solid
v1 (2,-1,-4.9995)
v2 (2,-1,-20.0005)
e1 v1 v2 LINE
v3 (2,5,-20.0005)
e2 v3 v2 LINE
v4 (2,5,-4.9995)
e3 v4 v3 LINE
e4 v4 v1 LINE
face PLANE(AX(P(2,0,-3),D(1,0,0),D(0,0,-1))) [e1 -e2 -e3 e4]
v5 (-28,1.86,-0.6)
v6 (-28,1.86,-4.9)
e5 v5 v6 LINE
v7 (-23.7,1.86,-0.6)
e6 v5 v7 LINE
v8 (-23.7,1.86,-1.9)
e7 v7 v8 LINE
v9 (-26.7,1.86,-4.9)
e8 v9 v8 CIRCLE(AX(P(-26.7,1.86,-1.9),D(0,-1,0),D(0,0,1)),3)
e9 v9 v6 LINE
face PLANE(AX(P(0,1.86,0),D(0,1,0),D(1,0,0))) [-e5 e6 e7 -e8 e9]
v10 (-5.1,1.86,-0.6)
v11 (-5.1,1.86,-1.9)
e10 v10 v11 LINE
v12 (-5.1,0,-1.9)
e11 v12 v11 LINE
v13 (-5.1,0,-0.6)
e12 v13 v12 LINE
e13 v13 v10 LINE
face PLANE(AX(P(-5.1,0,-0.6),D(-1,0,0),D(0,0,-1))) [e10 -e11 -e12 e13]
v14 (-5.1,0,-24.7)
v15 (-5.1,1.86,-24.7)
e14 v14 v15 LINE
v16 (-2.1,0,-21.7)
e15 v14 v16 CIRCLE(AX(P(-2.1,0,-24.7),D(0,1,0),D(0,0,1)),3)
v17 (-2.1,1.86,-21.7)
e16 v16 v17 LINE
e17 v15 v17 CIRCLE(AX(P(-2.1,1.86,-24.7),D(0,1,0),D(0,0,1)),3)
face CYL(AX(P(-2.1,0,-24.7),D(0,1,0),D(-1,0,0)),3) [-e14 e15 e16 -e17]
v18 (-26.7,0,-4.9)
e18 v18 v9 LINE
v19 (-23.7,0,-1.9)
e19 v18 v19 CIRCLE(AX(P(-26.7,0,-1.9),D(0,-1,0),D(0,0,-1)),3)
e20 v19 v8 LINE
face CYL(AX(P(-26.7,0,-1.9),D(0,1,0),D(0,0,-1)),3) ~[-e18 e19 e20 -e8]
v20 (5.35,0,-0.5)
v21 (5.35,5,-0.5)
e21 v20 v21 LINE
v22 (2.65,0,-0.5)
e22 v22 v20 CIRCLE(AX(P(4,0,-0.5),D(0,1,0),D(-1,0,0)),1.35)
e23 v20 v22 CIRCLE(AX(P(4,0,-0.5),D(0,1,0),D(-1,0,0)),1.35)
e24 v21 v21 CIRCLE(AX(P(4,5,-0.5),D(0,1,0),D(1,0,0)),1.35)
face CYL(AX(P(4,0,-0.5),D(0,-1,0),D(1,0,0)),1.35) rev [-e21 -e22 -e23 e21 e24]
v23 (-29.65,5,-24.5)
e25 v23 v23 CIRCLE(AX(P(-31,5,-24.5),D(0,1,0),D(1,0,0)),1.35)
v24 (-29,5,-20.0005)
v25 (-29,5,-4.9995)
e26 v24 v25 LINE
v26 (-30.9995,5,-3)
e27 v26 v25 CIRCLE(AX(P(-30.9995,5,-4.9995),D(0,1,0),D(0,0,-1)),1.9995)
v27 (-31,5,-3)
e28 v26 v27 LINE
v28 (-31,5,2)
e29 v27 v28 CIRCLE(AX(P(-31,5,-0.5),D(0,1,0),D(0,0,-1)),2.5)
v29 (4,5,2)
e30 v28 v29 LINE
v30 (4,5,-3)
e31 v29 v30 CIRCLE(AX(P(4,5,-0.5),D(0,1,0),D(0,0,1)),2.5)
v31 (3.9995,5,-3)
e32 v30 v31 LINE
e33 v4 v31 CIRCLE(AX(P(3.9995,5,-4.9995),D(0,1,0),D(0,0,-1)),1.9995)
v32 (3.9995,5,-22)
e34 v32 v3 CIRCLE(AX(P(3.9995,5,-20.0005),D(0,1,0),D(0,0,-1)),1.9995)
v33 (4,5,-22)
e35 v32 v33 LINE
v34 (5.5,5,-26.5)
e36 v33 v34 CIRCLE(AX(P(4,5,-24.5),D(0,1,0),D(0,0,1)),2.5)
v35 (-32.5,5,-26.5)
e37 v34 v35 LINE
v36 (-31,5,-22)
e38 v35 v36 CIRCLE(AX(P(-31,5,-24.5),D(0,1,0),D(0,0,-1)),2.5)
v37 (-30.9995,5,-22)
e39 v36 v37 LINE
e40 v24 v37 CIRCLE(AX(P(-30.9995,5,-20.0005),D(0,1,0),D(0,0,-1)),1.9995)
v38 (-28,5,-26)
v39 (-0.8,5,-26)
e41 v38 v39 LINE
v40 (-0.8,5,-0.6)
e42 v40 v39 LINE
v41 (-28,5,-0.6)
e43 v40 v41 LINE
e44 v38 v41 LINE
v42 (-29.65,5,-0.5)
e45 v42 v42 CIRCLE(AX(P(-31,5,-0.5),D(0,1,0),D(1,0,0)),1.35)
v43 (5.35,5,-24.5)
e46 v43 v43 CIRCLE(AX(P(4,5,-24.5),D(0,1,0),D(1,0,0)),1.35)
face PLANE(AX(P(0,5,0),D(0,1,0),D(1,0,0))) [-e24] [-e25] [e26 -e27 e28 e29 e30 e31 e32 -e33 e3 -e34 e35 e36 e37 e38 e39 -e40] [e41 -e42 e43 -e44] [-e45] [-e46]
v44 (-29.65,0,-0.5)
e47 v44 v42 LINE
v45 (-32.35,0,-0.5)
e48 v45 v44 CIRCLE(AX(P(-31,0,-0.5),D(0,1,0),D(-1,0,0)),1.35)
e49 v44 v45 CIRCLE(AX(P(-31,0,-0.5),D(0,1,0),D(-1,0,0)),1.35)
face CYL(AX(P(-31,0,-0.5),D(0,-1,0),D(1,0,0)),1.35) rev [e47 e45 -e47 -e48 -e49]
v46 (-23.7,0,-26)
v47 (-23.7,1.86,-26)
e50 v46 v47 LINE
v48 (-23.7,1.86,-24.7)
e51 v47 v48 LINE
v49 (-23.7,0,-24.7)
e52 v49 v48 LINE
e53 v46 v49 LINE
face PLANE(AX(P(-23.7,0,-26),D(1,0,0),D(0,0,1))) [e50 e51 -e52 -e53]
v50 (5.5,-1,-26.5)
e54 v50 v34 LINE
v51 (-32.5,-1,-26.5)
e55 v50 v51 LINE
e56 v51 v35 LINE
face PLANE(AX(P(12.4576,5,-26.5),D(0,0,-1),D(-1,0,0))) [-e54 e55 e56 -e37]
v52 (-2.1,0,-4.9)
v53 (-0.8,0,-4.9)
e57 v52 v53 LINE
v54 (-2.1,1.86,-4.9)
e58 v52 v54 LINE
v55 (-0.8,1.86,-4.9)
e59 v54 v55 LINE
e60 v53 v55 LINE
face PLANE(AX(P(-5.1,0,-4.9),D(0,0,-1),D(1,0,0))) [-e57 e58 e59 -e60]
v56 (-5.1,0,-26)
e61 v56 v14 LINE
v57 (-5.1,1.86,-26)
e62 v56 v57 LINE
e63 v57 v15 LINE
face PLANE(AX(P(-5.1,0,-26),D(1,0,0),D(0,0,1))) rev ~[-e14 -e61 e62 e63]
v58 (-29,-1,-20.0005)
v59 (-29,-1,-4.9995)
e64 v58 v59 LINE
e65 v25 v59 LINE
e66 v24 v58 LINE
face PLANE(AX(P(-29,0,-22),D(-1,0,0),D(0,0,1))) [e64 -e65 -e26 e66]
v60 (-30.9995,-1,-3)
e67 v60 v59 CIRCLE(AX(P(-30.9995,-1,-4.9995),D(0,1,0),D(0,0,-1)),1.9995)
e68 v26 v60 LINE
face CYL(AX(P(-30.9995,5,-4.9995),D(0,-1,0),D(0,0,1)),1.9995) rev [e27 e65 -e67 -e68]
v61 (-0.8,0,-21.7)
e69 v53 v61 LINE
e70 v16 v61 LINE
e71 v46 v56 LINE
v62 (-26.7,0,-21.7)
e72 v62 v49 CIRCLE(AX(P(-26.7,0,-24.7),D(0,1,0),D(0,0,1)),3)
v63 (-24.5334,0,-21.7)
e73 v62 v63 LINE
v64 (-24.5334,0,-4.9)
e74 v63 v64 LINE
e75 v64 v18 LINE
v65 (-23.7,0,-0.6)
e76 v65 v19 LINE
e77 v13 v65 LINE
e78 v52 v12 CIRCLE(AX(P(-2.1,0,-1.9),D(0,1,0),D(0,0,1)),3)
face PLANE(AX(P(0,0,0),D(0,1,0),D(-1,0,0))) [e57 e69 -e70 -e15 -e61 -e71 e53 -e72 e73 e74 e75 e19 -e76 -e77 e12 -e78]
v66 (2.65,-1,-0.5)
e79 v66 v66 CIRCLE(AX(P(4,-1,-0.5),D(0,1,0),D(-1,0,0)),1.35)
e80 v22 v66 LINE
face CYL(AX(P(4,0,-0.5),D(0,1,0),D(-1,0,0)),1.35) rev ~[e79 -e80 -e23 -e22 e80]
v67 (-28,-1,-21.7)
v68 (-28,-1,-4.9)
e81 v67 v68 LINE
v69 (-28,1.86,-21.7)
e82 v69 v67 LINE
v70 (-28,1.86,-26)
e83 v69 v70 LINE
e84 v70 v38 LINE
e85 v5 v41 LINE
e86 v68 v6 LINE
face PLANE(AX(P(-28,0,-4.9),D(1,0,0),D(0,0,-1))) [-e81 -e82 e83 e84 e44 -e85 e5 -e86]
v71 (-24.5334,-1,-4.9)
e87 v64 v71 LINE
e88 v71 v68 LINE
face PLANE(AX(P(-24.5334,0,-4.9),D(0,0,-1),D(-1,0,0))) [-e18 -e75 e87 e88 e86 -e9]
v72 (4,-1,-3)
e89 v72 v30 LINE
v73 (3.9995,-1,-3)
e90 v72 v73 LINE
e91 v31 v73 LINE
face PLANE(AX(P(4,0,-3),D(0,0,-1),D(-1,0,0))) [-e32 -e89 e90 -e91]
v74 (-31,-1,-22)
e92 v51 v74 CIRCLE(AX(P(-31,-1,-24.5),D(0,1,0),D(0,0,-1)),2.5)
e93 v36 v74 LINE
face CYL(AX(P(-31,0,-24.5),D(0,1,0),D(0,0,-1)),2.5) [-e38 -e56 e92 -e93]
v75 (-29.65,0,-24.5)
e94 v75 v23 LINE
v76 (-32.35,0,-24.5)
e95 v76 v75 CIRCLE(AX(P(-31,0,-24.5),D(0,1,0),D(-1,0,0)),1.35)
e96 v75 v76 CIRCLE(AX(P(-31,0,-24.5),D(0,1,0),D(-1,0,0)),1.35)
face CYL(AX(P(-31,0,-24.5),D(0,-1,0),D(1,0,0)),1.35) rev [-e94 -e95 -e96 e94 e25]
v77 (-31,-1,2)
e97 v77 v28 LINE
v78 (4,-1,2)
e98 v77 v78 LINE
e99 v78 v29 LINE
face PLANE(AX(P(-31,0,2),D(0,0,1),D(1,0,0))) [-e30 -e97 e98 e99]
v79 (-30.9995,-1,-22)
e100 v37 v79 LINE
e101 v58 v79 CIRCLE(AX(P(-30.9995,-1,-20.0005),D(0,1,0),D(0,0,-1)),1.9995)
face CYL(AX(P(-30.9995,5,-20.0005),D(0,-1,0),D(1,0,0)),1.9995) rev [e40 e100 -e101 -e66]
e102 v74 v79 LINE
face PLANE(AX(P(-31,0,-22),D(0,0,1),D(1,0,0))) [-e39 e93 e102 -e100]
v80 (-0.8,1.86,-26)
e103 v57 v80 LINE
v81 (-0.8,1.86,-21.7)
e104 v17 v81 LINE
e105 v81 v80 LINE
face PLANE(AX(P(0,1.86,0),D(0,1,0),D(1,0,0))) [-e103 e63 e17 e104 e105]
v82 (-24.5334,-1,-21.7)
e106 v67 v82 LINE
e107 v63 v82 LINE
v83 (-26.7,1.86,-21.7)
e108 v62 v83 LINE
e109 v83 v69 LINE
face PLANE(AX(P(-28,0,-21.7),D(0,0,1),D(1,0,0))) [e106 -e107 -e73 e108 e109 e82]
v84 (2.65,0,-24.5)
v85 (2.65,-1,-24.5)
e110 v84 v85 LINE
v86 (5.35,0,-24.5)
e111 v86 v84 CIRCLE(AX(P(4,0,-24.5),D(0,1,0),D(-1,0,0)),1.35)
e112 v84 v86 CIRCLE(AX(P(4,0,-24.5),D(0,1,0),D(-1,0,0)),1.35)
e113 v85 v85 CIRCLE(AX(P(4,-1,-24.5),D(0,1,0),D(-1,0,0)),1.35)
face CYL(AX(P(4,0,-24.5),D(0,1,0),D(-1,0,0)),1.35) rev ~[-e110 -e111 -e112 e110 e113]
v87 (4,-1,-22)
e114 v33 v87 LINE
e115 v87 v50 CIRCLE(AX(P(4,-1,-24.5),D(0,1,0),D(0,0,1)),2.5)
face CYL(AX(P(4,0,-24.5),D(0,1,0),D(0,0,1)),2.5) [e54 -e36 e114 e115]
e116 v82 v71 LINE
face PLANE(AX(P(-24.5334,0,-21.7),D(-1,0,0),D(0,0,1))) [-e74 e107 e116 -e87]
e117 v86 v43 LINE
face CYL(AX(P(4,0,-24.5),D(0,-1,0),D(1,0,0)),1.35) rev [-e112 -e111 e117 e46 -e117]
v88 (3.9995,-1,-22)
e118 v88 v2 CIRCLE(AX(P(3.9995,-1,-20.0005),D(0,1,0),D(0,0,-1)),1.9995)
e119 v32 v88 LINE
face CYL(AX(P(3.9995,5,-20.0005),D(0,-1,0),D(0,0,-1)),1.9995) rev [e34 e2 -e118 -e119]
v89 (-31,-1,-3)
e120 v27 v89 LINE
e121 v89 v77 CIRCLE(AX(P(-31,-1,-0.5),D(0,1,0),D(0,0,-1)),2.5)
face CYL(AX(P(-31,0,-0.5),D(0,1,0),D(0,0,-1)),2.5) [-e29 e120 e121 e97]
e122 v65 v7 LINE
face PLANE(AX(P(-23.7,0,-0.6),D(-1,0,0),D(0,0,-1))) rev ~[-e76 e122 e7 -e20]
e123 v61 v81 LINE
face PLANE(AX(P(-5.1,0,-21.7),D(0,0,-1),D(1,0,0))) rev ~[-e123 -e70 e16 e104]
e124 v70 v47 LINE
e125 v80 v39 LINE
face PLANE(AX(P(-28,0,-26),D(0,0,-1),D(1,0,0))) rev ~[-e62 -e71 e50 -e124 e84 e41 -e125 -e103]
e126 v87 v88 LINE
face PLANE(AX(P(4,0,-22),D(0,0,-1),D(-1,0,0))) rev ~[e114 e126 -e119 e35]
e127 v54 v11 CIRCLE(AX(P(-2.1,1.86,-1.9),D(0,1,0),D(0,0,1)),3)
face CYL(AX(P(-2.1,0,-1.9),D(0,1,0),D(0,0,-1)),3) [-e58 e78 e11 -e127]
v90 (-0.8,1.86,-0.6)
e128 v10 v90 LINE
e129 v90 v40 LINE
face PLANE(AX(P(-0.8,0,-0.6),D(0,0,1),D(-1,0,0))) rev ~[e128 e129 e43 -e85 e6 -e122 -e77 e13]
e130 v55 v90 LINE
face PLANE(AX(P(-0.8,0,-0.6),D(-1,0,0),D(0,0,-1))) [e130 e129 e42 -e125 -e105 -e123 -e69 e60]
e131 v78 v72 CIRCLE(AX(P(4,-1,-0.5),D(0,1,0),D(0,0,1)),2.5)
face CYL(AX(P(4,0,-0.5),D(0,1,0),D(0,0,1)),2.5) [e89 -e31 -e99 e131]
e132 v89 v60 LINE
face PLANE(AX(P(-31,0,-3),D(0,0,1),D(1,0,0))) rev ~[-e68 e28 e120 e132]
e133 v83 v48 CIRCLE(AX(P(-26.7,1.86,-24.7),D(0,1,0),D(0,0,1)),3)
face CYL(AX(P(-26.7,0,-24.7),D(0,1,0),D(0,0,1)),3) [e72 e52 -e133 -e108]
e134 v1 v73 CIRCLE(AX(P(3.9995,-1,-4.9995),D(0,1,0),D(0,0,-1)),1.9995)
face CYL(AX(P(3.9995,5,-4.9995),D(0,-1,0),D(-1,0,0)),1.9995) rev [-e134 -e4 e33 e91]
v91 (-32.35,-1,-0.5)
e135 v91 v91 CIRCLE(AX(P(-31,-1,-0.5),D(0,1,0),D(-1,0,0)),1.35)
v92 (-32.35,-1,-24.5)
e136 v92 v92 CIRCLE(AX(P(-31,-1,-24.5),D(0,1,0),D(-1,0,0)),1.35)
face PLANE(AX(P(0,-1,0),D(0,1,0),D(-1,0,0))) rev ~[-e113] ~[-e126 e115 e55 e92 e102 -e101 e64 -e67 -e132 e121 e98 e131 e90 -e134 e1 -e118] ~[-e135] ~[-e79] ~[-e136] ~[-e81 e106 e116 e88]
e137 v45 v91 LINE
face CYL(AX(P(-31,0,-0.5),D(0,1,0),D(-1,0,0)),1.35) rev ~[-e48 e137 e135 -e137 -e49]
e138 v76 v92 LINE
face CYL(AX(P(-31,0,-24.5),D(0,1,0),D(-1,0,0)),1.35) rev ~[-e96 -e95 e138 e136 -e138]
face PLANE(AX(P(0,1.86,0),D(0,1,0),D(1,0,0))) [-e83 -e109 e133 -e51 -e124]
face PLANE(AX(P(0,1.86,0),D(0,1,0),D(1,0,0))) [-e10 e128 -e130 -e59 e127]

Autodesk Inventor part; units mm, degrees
ref_plane "YZ Plane" through (0, 0, 0) normal (1, 0, 0) x (0, 1, 0)
ref_plane "XZ Plane" through (0, 0, 0) normal (0, 1, 0) x (-1, 0, 0)
ref_plane "XY Plane" through (0, 0, 0) normal (0, 0, 1) x (1, 0, 0)
sketch "Sketch1" plane through (0, 0, 0) normal (0, 1, 0) x (-1, 0, 0)
  line L0 (0, 0) -> (27, 0) construction
  line L1 (27, 0) -> (27, -25) construction
  line L2 (27, -25) -> (0, -25) construction
  line L3 (0, -25) -> (0, 0) construction
  line L4 (31, 2) -> (-4, 2)
  line L5 (-4, -27) -> (31, -27)
  line L6 (29, -22) -> (29, -3)
  line L7 (28, -4) -> (23.5, -4)
  line L8 (23.5, -4) -> (23.5, -21)
  line L9 (23.5, -21) -> (28, -21)
  line L10 (28, -21) -> (28, -4)
  arc A0 (31, -3) -> (31, 2) centre (31, -0.5) ccw
  arc A1 (31, -27) -> (31, -22) centre (31, -24.5) ccw
  arc A2 (-4, 2) -> (-4, -3) centre (-4, -0.5) ccw
  arc A3 (-4, -22) -> (-4, -27) centre (-4, -24.5) ccw
  line L11 (31, -3) -> (29, -3)
  line L12 (31, -22) -> (29, -22)
  line L13 (-4, -3) -> (-2, -3)
  line L14 (-4, -22) -> (-2, -22)
  line L15 (-2, -3) -> (-2, -22)
  circle A4 centre (31, -0.5) radius 1.35
  circle A5 centre (31, -24.5) radius 1.35
  circle A6 centre (-4, -0.5) radius 1.35
  circle A7 centre (-4, -24.5) radius 1.35
  point P0 (29, 2)
  point P1 (-2, -27)
  point P2 (-2, 2)
  point P3 (29, -27)
  dimension "d0" = 27
  dimension "d1" = 25
  dimension "d12" = 2
  dimension "d13" = 2
  dimension "d14" = 2
  dimension "d18" = 1
  dimension "d19" = 3.5
  dimension "d20" = 6
  dimension "d21" = 6
  dimension "d22" = 5
  dimension "d23" = 2.5
  dimension "d24" = 2
  dimension "d25" = 2.5
  dimension "d26" = 2
  dimension "d27" = 5
  dimension "d28" = 5
  dimension "d29" = 5
  dimension "d32" = 2.5
  dimension "d33" = 2.5
  dimension "d34" = 2.7
  dimension "d35" = 2.7
  dimension "d36" = 2.7
  dimension "d37" = 2.7
extrude "Extrusion1" add sketch "Sketch1" against normal blind 1
sketch "Sketch2" plane through (0, 0, 0) normal (0, 1, 0) x (1, 0, 0)
  line L0 (-31, -2) -> (4, -2) projected
  arc A0 (4, -2) -> (4, 3) centre (4, 0.5) ccw projected
  line L1 (4, 3) -> (2, 3) projected
  line L2 (2, 3) -> (2, 22) projected
  line L3 (2, 22) -> (4, 22) projected
  arc A1 (4, 22) -> (4, 27) centre (4, 24.5) ccw projected
  line L4 (4, 27) -> (-31, 27) projected
  arc A2 (-31, 27) -> (-31, 22) centre (-31, 24.5) ccw projected
  line L5 (-31, 22) -> (-29, 22) projected
  line L6 (-29, 22) -> (-29, 3) projected
  line L7 (-29, 3) -> (-31, 3) projected
  arc A3 (-31, 3) -> (-31, -2) centre (-31, 0.5) ccw projected
  circle A4 centre (4, 24.5) radius 1.35 projected
  circle A5 centre (4, 0.5) radius 1.35 projected
  circle A6 centre (-31, 24.5) radius 1.35 projected
  circle A7 centre (-31, 0.5) radius 1.35 projected
  line L8 (-28, 4) -> (-28, 21) projected
  line L9 (-28, 21) -> (-23.5, 21) projected
  line L10 (-23.5, 21) -> (-23.5, 4) projected
  line L11 (-23.5, 4) -> (-28, 4) projected
  line L12 (-28, 26) -> (1, 26)
  line L13 (1, 26) -> (1, -1)
  line L14 (1, -1) -> (-28, -1)
  line L15 (-28, -1) -> (-28, 26)
  point P0 (0, 0)
  dimension "d38" = 1
  dimension "d39" = 1
  dimension "d40" = 1
  dimension "d41" = 1
extrude "Extrusion2" add sketch "Sketch2" along normal blind 5
fillet "Fillet1" radius 2 4 edges at (2, 2, -3) (2, 2, -22) (-29, 2, -22) (-29, 2, -3)
sketch "Sketch4" plane through (0, 5, 0) normal (0, 1, 0) x (1, 0, 0)
  line L0 (-36.8851, 35.5263) -> (12.4576, 35.5263)
  line L1 (12.4576, 35.5263) -> (12.4576, 26.5)
  line L2 (12.4576, 26.5) -> (-36.8851, 26.5)
  line L3 (-36.8851, 26.5) -> (-36.8851, 35.5263)
  line L4 (4, 27) -> (-31, 27) projected
  point P0 (0, 0)
  dimension "d47" = 0.5
extrude "Extrusion3" cut sketch "Sketch4" against normal blind 10
sketch "Sketch5" plane through (0, 0, 0) normal (0, 1, 0) x (1, 0, 0)
  line L0 (1, -1) -> (-28, -1) projected
  line L1 (-28, -1) -> (1, -1)
  line L2 (1, -1) -> (1, 0.6)
  line L3 (1, 0.6) -> (-28, 0.6)
  line L4 (-28, 0.6) -> (-28, -1)
  line L5 (1, 26) -> (1, -1) projected
  line L6 (1, 26) -> (-28, 26) projected
  line L7 (1, -1) -> (-0.8, -1)
  line L8 (-0.8, -1) -> (-0.8, 26)
  line L9 (-0.8, 26) -> (1, 26)
  line L10 (1, 26) -> (1, -1)
  point P0 (0, 0)
  point P1 (-0.8, 0.6)
  dimension "d50" = 1.6
  dimension "d57" = 1.8
extrude "Extrusion4" add sketch "Sketch5" along normal up to surface (5 mm away)
sketch "Sketch6" plane through (0, -1, 0) normal (0, -1, 0) x (1, 0, 0)
  line L0 (-23.5, -4) -> (-28, -4) projected
  line L1 (-28, -0.6) -> (-28, -26) projected
  line L2 (-23.5, -4) -> (-28, -4)
  line L3 (-28, -4) -> (-28, -8)
  line L4 (-28, -8) -> (-23.5, -8)
  line L5 (-23.5, -8) -> (-23.5, -4)
  line L6 (-28, -21) -> (-23.5, -21) projected
  line L7 (-23.5, -4) -> (-25.6, -4)
  line L8 (-25.6, -4) -> (-25.6, -21)
  line L9 (-25.6, -21) -> (-23.5, -21)
  line L10 (-23.5, -21) -> (-23.5, -4)
  point P0 (0, 0)
  point P1 (-25.6, -8)
  dimension "d53" = 4
  dimension "d54" = 2.4
extrude "Extrusion5" add sketch "Sketch6" against normal up to surface (1 mm away) contours L5 L4 L8 L0 | L8 L4 L1 L0 | L10 L6 L8 L4
sketch "Sketch7" plane through (0, 0, 0) normal (0, 1, 0) x (1, 0, 0)
  line L0 (-28, 0.6) -> (-0.8, 0.6) projected
  line L1 (-0.8, 0.6) -> (-5.1, 0.6)
  line L2 (-5.1, 0.6) -> (-5.1, 4.9)
  line L3 (-5.1, 4.9) -> (-0.8, 4.9)
  line L4 (-0.8, 4.9) -> (-0.8, 0.6)
  line L5 (-28, 0.6) -> (-23.7, 0.6)
  line L6 (-23.7, 0.6) -> (-23.7, 4.9)
  line L7 (-23.7, 4.9) -> (-28, 4.9)
  line L8 (-28, 4.9) -> (-28, 0.6)
  line L9 (-28, 26) -> (-0.8, 26) projected
  line L10 (-28, 26) -> (-23.7, 26)
  line L11 (-23.7, 26) -> (-23.7, 21.7)
  line L12 (-23.7, 21.7) -> (-28, 21.7)
  line L13 (-28, 21.7) -> (-28, 26)
  line L14 (-0.8, 26) -> (-5.1, 26)
  line L15 (-5.1, 26) -> (-5.1, 21.7)
  line L16 (-5.1, 21.7) -> (-0.8, 21.7)
  line L17 (-0.8, 21.7) -> (-0.8, 26)
  point P0 (0, 0)
  point P1 (-0.8, 26)
  dimension "d58" = 4.3
  dimension "d59" = 4.3
  dimension "d60" = 4.3
  dimension "d61" = 4.3
  dimension "d62" = 4.3
  dimension "d63" = 4.3
extrude "Extrusion6" add sketch "Sketch7" along normal blind 1.86
fillet "Fillet2" radius 3 4 edges at (-23.7, 0.93, -21.7) (-23.7, 0.93, -4.9) (-5.1, 0.93, -21.7) (-5.1, 0.93, -4.9)
sketch "Sketch8" plane through (0, 0, 0) normal (0, 1, 0) x (1, 0, 0)
  line L0 (-28, 21.7) -> (-28, 26) projected
  line L1 (-28, 21.7) -> (-24.5334, 21.7)
  line L2 (-24.5334, 21.7) -> (-24.5334, 4.9)
  line L3 (-24.5334, 4.9) -> (-28, 4.9)
  line L4 (-28, 4.9) -> (-28, 21.7)
  point P0 (0, 0)
extrude "Extrusion7" cut sketch "Sketch8" against normal blind 10
equation "\"d13\" = d12"
equation "\"d14\" = d12"
equation "\"d15\" = d12"
properties part number "OledModBase"
